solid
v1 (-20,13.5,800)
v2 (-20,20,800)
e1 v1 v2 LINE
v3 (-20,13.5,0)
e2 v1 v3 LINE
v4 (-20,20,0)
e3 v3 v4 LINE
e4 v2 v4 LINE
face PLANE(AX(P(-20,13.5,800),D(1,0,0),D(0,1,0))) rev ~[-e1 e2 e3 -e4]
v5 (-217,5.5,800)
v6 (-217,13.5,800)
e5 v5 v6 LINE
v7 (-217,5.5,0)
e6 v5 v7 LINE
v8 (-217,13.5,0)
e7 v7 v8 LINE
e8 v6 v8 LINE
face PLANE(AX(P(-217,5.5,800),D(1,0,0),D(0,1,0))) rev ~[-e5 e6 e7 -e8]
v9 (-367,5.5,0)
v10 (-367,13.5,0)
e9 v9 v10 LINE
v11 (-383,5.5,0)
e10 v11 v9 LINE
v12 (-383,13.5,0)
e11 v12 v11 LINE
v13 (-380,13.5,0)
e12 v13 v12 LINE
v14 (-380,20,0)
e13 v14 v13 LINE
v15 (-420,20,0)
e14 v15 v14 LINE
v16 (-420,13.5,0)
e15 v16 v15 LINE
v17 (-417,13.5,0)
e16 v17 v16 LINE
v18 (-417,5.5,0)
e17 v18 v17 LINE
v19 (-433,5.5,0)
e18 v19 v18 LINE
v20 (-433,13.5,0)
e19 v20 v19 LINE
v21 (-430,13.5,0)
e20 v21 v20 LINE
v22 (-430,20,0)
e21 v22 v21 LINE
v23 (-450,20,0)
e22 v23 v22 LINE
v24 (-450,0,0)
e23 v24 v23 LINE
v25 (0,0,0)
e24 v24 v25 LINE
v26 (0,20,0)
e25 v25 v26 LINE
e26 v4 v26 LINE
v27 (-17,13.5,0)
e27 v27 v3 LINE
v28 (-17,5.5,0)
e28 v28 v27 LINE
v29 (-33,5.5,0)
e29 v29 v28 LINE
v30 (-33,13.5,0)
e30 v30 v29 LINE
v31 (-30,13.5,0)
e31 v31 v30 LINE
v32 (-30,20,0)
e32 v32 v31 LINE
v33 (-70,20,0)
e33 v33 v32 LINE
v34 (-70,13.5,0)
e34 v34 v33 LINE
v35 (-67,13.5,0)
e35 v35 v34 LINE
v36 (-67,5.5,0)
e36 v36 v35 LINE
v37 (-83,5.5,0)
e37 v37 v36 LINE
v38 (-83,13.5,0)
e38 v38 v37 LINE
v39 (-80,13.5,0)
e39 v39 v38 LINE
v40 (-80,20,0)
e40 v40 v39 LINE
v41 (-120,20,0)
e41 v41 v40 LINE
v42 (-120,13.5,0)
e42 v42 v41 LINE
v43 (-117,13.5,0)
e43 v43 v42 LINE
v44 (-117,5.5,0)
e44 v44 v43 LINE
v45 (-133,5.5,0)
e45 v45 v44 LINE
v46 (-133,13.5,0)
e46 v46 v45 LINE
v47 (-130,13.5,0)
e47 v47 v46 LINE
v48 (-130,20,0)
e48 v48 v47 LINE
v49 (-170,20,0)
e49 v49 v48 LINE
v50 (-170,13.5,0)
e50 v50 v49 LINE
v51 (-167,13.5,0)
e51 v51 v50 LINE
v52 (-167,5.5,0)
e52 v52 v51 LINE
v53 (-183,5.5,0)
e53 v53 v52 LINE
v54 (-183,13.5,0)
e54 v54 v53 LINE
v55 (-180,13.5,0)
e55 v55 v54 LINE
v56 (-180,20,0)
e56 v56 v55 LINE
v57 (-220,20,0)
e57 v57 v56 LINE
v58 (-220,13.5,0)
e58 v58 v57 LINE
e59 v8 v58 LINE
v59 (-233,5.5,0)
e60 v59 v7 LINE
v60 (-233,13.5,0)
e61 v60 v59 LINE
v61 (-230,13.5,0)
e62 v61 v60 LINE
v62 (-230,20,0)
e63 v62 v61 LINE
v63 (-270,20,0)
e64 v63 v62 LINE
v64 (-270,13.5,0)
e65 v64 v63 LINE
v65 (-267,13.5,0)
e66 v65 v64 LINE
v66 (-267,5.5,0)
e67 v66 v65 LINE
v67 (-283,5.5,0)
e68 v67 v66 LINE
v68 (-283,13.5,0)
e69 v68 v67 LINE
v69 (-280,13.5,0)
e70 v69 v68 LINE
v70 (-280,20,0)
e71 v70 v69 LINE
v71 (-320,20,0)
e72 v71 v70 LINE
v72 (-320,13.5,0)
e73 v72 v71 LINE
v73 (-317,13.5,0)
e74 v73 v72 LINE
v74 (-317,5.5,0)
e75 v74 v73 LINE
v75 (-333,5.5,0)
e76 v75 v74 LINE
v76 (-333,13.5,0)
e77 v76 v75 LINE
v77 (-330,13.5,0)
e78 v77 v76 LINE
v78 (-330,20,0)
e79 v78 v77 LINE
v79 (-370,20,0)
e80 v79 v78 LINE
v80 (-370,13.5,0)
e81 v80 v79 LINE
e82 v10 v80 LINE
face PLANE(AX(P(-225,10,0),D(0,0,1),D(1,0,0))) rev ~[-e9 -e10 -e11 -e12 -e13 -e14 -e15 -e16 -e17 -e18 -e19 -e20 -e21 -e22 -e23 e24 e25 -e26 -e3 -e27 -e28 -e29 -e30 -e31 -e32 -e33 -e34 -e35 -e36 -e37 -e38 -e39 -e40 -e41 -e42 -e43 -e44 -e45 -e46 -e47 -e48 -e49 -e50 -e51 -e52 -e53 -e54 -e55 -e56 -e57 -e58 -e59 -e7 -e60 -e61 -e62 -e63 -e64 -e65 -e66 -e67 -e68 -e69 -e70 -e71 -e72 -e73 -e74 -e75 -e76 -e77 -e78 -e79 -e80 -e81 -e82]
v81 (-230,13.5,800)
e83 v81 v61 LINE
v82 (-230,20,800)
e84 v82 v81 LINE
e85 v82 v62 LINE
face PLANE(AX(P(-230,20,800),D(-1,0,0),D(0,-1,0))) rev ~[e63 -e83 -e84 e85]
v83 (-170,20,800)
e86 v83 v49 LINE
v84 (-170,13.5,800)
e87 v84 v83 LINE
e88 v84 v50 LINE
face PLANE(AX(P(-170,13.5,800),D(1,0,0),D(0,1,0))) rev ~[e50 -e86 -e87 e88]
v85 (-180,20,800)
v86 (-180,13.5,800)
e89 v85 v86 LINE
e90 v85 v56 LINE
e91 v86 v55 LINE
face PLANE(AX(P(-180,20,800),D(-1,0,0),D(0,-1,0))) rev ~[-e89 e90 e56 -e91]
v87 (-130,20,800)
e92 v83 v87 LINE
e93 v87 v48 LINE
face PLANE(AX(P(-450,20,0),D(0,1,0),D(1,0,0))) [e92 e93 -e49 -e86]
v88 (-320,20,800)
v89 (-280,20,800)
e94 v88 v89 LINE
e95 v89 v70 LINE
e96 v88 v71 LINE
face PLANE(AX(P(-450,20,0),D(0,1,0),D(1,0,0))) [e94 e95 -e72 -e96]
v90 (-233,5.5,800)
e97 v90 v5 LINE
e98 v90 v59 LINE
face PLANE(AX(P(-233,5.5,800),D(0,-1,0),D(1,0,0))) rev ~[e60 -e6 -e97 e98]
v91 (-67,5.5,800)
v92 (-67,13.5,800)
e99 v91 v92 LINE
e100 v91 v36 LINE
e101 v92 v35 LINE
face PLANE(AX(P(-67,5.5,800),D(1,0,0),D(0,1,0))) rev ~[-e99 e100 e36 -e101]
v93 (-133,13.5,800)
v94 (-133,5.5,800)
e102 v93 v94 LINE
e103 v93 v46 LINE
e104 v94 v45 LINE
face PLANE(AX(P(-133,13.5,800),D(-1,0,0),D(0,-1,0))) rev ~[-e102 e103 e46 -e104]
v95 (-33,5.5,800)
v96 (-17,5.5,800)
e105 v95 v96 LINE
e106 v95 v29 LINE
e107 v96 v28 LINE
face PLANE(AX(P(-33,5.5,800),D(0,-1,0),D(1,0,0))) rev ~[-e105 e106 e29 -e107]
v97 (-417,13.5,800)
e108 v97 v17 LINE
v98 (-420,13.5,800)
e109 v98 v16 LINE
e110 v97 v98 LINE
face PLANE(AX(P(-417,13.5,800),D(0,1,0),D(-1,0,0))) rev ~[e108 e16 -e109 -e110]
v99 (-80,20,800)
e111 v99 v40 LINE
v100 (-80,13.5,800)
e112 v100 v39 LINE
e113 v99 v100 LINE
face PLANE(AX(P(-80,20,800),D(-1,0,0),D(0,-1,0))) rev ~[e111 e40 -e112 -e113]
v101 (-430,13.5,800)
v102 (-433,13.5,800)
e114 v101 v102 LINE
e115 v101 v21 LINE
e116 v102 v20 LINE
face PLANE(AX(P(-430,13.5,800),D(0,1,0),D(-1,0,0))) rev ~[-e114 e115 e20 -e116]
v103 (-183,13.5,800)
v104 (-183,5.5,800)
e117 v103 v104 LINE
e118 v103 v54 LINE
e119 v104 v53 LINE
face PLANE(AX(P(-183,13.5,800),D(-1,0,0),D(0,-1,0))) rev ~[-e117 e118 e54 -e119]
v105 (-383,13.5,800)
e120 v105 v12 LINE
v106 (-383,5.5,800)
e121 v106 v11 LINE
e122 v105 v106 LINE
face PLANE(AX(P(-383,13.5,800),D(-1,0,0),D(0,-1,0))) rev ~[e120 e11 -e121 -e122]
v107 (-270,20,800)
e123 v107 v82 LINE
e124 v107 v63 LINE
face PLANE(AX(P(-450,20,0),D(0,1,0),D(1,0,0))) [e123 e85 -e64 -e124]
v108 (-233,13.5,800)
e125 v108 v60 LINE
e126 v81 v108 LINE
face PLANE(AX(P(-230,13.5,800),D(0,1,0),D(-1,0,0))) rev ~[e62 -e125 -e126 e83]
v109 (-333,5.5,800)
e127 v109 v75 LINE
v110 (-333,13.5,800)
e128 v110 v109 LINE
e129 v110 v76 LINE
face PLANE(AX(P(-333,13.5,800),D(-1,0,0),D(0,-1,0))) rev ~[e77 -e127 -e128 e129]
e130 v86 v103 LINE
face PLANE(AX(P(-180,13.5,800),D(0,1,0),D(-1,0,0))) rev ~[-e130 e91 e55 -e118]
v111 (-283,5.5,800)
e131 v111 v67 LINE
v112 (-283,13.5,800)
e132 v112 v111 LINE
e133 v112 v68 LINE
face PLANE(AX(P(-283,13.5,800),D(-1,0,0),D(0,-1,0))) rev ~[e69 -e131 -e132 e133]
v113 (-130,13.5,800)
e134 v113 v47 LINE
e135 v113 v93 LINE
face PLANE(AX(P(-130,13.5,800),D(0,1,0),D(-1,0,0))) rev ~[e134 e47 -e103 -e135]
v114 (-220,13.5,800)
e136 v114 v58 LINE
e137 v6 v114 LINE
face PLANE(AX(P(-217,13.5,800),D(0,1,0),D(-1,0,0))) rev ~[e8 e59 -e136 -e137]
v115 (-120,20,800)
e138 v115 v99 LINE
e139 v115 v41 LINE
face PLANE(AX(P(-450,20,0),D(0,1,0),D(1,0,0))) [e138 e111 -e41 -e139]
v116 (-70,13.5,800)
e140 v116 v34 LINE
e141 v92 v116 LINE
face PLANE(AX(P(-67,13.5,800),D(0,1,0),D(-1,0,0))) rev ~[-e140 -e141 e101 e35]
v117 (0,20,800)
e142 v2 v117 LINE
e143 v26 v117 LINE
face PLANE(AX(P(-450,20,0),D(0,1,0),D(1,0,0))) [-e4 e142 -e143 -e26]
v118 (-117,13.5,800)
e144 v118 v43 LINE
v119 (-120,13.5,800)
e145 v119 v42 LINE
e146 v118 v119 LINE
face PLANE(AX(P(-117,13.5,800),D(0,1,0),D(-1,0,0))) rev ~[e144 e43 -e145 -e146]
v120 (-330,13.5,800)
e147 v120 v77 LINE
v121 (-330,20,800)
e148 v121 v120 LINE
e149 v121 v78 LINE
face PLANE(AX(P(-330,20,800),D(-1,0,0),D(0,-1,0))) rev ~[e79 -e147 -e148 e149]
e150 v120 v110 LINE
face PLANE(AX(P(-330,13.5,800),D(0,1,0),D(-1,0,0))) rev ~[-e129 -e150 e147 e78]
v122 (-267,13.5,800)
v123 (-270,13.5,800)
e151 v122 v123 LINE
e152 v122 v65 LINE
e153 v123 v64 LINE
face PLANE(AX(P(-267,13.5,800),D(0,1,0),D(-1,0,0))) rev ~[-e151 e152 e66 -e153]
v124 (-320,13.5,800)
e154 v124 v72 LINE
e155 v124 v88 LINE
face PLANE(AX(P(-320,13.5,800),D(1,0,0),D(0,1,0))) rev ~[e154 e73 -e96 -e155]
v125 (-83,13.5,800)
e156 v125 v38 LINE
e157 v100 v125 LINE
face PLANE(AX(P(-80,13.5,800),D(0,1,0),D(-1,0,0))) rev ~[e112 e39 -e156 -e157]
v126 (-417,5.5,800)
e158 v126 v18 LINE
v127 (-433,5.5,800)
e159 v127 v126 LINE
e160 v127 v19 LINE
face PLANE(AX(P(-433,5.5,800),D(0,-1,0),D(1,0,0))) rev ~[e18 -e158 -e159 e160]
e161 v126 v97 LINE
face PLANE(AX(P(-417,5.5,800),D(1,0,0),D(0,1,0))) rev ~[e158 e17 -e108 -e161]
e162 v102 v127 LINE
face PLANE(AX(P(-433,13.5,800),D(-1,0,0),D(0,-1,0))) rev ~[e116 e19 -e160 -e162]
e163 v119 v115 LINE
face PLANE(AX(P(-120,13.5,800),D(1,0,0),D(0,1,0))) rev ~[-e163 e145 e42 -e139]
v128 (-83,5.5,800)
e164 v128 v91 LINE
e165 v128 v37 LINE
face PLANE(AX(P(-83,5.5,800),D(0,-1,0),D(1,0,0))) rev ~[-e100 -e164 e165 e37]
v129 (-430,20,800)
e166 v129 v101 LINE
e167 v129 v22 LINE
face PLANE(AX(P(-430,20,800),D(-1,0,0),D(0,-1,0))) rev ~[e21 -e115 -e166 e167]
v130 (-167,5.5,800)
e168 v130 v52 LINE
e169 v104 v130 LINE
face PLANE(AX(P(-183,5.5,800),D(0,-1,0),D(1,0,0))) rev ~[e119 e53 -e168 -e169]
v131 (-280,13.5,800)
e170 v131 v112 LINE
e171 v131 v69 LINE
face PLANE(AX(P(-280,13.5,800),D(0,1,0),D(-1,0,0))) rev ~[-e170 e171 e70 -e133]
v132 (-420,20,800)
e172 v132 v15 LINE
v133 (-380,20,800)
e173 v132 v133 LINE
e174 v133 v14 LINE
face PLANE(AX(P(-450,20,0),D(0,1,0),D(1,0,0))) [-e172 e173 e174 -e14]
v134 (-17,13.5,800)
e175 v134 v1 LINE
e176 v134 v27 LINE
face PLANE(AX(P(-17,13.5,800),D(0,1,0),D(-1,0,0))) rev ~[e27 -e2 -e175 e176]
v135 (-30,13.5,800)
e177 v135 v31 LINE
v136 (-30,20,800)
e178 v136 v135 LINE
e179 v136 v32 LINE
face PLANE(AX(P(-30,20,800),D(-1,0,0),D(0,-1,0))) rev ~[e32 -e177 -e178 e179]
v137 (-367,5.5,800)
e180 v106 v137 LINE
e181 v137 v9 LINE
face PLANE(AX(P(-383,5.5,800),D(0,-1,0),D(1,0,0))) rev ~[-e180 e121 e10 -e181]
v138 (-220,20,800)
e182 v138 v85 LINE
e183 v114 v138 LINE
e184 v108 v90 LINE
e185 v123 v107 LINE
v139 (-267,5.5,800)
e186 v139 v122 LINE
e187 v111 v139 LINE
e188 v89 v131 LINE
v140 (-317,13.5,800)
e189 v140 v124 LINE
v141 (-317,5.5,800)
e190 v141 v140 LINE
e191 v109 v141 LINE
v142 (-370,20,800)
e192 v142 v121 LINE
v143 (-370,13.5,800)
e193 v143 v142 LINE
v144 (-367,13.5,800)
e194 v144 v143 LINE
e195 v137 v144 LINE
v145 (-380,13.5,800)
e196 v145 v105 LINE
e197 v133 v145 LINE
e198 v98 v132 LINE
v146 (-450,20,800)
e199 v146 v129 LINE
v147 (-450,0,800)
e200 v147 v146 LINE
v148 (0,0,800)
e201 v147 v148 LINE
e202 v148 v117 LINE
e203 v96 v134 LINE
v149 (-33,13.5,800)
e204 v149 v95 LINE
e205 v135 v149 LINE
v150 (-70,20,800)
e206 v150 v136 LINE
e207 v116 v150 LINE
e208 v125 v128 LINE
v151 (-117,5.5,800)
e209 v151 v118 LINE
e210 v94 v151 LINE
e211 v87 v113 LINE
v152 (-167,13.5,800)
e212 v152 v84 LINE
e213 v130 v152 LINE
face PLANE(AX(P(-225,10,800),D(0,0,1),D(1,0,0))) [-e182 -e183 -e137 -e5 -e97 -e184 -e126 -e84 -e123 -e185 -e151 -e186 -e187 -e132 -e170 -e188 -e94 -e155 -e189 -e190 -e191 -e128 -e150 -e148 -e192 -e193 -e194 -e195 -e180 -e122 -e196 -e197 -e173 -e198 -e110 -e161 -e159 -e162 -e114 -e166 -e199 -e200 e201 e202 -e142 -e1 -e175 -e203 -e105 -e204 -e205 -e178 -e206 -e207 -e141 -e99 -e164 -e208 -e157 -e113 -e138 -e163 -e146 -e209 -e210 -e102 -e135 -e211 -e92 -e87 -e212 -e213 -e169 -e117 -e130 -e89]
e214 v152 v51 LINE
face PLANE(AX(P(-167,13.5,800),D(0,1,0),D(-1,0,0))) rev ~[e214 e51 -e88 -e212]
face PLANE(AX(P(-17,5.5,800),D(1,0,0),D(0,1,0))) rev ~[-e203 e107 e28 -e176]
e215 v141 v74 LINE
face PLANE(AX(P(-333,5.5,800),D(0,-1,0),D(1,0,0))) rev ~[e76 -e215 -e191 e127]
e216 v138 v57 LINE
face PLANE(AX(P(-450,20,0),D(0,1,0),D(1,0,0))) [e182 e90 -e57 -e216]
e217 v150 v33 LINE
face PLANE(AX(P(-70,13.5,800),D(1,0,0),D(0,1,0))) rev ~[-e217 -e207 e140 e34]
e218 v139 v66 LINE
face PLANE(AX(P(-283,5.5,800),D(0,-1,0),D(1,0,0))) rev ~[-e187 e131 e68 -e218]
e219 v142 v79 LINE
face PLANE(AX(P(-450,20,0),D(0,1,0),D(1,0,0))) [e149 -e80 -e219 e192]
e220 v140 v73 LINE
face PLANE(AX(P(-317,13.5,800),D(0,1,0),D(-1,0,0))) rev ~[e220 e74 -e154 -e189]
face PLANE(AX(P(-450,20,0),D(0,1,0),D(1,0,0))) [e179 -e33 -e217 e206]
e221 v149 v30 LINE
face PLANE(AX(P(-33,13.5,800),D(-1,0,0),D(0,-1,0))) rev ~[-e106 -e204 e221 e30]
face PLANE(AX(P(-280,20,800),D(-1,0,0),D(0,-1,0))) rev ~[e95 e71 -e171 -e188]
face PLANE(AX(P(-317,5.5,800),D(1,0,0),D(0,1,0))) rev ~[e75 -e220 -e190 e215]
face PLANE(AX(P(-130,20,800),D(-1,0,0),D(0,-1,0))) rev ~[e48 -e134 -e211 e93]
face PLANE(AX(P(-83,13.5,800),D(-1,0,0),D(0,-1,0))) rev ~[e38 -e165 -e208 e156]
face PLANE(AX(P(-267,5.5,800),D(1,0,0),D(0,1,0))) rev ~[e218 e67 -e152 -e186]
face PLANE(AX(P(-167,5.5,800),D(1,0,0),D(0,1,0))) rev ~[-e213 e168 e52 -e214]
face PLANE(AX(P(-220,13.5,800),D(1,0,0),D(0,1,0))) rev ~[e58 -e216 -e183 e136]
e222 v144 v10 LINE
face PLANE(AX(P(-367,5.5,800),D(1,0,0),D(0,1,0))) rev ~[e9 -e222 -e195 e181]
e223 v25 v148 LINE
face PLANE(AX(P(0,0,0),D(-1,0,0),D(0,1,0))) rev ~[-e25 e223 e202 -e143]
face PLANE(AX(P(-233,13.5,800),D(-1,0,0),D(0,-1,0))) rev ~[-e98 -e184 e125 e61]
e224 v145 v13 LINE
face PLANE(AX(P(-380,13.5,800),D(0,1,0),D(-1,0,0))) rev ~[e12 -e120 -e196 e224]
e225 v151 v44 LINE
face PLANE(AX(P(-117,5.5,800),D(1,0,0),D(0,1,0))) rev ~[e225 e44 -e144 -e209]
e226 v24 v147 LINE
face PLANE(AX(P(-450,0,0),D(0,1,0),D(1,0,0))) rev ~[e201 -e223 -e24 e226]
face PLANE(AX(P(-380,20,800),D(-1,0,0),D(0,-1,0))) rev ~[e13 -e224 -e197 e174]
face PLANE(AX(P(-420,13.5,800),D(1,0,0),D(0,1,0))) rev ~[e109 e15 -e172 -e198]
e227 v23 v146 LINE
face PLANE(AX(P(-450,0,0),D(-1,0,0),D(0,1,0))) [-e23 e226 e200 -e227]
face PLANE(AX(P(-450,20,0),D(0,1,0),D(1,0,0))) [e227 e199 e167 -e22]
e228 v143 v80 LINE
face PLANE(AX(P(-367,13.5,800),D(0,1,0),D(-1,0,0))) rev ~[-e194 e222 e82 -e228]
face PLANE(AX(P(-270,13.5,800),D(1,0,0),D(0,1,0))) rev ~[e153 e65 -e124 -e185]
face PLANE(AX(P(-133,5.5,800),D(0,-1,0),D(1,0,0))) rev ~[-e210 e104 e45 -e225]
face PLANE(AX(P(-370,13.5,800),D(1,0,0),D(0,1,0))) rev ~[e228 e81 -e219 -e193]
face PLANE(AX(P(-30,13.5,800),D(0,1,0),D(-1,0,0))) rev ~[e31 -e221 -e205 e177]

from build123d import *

# Parameters (mm, degrees)
SKETCH1_W           = 450
SKETCH1_H           = 20
BOSS_EXTRUDE1_DEPTH = 800
CUT_EXTRUDE1_DEPTH  = 919.095855562


with BuildPart() as part:
    # Sketch1 → Boss-Extrude1 (new body)
    with BuildSketch(Plane.XY):
        with Locations((-225, 10)):
            Rectangle(SKETCH1_W, SKETCH1_H)
    extrude(amount=BOSS_EXTRUDE1_DEPTH)

    # Sketch2 → Cut-Extrude1 (cut, through all)
    with BuildSketch(Plane.XY.offset(800)):
        Polygon((-430, 20), (-430, 13.5), (-433, 13.5), (-433, 5.5), (-417, 5.5), (-417, 13.5), (-420, 13.5), (-420, 20), align=None)
        Polygon((-380, 20), (-380, 13.5), (-383, 13.5), (-383, 5.5), (-367, 5.5), (-367, 13.5), (-370, 13.5), (-370, 20), align=None)
        Polygon((-330, 20), (-330, 13.5), (-333, 13.5), (-333, 5.5), (-317, 5.5), (-317, 13.5), (-320, 13.5), (-320, 20), align=None)
        Polygon((-280, 20), (-280, 13.5), (-283, 13.5), (-283, 5.5), (-267, 5.5), (-267, 13.5), (-270, 13.5), (-270, 20), align=None)
        Polygon((-230, 20), (-230, 13.5), (-233, 13.5), (-233, 5.5), (-217, 5.5), (-217, 13.5), (-220, 13.5), (-220, 20), align=None)
        Polygon((-180, 20), (-180, 13.5), (-183, 13.5), (-183, 5.5), (-167, 5.5), (-167, 13.5), (-170, 13.5), (-170, 20), align=None)
        Polygon((-130, 20), (-130, 13.5), (-133, 13.5), (-133, 5.5), (-117, 5.5), (-117, 13.5), (-120, 13.5), (-120, 20), align=None)
        Polygon((-80, 20), (-80, 13.5), (-83, 13.5), (-83, 5.5), (-67, 5.5), (-67, 13.5), (-70, 13.5), (-70, 20), align=None)
        Polygon((-30, 20), (-30, 13.5), (-33, 13.5), (-33, 5.5), (-17, 5.5), (-17, 13.5), (-20, 13.5), (-20, 20), align=None)
        Polygon((20, 20), (20, 13.5), (17, 13.5), (17, 5.5), (33, 5.5), (33, 13.5), (30, 13.5), (30, 20), align=None)
    extrude(amount=-CUT_EXTRUDE1_DEPTH, mode=Mode.SUBTRACT)


solid = part.part
